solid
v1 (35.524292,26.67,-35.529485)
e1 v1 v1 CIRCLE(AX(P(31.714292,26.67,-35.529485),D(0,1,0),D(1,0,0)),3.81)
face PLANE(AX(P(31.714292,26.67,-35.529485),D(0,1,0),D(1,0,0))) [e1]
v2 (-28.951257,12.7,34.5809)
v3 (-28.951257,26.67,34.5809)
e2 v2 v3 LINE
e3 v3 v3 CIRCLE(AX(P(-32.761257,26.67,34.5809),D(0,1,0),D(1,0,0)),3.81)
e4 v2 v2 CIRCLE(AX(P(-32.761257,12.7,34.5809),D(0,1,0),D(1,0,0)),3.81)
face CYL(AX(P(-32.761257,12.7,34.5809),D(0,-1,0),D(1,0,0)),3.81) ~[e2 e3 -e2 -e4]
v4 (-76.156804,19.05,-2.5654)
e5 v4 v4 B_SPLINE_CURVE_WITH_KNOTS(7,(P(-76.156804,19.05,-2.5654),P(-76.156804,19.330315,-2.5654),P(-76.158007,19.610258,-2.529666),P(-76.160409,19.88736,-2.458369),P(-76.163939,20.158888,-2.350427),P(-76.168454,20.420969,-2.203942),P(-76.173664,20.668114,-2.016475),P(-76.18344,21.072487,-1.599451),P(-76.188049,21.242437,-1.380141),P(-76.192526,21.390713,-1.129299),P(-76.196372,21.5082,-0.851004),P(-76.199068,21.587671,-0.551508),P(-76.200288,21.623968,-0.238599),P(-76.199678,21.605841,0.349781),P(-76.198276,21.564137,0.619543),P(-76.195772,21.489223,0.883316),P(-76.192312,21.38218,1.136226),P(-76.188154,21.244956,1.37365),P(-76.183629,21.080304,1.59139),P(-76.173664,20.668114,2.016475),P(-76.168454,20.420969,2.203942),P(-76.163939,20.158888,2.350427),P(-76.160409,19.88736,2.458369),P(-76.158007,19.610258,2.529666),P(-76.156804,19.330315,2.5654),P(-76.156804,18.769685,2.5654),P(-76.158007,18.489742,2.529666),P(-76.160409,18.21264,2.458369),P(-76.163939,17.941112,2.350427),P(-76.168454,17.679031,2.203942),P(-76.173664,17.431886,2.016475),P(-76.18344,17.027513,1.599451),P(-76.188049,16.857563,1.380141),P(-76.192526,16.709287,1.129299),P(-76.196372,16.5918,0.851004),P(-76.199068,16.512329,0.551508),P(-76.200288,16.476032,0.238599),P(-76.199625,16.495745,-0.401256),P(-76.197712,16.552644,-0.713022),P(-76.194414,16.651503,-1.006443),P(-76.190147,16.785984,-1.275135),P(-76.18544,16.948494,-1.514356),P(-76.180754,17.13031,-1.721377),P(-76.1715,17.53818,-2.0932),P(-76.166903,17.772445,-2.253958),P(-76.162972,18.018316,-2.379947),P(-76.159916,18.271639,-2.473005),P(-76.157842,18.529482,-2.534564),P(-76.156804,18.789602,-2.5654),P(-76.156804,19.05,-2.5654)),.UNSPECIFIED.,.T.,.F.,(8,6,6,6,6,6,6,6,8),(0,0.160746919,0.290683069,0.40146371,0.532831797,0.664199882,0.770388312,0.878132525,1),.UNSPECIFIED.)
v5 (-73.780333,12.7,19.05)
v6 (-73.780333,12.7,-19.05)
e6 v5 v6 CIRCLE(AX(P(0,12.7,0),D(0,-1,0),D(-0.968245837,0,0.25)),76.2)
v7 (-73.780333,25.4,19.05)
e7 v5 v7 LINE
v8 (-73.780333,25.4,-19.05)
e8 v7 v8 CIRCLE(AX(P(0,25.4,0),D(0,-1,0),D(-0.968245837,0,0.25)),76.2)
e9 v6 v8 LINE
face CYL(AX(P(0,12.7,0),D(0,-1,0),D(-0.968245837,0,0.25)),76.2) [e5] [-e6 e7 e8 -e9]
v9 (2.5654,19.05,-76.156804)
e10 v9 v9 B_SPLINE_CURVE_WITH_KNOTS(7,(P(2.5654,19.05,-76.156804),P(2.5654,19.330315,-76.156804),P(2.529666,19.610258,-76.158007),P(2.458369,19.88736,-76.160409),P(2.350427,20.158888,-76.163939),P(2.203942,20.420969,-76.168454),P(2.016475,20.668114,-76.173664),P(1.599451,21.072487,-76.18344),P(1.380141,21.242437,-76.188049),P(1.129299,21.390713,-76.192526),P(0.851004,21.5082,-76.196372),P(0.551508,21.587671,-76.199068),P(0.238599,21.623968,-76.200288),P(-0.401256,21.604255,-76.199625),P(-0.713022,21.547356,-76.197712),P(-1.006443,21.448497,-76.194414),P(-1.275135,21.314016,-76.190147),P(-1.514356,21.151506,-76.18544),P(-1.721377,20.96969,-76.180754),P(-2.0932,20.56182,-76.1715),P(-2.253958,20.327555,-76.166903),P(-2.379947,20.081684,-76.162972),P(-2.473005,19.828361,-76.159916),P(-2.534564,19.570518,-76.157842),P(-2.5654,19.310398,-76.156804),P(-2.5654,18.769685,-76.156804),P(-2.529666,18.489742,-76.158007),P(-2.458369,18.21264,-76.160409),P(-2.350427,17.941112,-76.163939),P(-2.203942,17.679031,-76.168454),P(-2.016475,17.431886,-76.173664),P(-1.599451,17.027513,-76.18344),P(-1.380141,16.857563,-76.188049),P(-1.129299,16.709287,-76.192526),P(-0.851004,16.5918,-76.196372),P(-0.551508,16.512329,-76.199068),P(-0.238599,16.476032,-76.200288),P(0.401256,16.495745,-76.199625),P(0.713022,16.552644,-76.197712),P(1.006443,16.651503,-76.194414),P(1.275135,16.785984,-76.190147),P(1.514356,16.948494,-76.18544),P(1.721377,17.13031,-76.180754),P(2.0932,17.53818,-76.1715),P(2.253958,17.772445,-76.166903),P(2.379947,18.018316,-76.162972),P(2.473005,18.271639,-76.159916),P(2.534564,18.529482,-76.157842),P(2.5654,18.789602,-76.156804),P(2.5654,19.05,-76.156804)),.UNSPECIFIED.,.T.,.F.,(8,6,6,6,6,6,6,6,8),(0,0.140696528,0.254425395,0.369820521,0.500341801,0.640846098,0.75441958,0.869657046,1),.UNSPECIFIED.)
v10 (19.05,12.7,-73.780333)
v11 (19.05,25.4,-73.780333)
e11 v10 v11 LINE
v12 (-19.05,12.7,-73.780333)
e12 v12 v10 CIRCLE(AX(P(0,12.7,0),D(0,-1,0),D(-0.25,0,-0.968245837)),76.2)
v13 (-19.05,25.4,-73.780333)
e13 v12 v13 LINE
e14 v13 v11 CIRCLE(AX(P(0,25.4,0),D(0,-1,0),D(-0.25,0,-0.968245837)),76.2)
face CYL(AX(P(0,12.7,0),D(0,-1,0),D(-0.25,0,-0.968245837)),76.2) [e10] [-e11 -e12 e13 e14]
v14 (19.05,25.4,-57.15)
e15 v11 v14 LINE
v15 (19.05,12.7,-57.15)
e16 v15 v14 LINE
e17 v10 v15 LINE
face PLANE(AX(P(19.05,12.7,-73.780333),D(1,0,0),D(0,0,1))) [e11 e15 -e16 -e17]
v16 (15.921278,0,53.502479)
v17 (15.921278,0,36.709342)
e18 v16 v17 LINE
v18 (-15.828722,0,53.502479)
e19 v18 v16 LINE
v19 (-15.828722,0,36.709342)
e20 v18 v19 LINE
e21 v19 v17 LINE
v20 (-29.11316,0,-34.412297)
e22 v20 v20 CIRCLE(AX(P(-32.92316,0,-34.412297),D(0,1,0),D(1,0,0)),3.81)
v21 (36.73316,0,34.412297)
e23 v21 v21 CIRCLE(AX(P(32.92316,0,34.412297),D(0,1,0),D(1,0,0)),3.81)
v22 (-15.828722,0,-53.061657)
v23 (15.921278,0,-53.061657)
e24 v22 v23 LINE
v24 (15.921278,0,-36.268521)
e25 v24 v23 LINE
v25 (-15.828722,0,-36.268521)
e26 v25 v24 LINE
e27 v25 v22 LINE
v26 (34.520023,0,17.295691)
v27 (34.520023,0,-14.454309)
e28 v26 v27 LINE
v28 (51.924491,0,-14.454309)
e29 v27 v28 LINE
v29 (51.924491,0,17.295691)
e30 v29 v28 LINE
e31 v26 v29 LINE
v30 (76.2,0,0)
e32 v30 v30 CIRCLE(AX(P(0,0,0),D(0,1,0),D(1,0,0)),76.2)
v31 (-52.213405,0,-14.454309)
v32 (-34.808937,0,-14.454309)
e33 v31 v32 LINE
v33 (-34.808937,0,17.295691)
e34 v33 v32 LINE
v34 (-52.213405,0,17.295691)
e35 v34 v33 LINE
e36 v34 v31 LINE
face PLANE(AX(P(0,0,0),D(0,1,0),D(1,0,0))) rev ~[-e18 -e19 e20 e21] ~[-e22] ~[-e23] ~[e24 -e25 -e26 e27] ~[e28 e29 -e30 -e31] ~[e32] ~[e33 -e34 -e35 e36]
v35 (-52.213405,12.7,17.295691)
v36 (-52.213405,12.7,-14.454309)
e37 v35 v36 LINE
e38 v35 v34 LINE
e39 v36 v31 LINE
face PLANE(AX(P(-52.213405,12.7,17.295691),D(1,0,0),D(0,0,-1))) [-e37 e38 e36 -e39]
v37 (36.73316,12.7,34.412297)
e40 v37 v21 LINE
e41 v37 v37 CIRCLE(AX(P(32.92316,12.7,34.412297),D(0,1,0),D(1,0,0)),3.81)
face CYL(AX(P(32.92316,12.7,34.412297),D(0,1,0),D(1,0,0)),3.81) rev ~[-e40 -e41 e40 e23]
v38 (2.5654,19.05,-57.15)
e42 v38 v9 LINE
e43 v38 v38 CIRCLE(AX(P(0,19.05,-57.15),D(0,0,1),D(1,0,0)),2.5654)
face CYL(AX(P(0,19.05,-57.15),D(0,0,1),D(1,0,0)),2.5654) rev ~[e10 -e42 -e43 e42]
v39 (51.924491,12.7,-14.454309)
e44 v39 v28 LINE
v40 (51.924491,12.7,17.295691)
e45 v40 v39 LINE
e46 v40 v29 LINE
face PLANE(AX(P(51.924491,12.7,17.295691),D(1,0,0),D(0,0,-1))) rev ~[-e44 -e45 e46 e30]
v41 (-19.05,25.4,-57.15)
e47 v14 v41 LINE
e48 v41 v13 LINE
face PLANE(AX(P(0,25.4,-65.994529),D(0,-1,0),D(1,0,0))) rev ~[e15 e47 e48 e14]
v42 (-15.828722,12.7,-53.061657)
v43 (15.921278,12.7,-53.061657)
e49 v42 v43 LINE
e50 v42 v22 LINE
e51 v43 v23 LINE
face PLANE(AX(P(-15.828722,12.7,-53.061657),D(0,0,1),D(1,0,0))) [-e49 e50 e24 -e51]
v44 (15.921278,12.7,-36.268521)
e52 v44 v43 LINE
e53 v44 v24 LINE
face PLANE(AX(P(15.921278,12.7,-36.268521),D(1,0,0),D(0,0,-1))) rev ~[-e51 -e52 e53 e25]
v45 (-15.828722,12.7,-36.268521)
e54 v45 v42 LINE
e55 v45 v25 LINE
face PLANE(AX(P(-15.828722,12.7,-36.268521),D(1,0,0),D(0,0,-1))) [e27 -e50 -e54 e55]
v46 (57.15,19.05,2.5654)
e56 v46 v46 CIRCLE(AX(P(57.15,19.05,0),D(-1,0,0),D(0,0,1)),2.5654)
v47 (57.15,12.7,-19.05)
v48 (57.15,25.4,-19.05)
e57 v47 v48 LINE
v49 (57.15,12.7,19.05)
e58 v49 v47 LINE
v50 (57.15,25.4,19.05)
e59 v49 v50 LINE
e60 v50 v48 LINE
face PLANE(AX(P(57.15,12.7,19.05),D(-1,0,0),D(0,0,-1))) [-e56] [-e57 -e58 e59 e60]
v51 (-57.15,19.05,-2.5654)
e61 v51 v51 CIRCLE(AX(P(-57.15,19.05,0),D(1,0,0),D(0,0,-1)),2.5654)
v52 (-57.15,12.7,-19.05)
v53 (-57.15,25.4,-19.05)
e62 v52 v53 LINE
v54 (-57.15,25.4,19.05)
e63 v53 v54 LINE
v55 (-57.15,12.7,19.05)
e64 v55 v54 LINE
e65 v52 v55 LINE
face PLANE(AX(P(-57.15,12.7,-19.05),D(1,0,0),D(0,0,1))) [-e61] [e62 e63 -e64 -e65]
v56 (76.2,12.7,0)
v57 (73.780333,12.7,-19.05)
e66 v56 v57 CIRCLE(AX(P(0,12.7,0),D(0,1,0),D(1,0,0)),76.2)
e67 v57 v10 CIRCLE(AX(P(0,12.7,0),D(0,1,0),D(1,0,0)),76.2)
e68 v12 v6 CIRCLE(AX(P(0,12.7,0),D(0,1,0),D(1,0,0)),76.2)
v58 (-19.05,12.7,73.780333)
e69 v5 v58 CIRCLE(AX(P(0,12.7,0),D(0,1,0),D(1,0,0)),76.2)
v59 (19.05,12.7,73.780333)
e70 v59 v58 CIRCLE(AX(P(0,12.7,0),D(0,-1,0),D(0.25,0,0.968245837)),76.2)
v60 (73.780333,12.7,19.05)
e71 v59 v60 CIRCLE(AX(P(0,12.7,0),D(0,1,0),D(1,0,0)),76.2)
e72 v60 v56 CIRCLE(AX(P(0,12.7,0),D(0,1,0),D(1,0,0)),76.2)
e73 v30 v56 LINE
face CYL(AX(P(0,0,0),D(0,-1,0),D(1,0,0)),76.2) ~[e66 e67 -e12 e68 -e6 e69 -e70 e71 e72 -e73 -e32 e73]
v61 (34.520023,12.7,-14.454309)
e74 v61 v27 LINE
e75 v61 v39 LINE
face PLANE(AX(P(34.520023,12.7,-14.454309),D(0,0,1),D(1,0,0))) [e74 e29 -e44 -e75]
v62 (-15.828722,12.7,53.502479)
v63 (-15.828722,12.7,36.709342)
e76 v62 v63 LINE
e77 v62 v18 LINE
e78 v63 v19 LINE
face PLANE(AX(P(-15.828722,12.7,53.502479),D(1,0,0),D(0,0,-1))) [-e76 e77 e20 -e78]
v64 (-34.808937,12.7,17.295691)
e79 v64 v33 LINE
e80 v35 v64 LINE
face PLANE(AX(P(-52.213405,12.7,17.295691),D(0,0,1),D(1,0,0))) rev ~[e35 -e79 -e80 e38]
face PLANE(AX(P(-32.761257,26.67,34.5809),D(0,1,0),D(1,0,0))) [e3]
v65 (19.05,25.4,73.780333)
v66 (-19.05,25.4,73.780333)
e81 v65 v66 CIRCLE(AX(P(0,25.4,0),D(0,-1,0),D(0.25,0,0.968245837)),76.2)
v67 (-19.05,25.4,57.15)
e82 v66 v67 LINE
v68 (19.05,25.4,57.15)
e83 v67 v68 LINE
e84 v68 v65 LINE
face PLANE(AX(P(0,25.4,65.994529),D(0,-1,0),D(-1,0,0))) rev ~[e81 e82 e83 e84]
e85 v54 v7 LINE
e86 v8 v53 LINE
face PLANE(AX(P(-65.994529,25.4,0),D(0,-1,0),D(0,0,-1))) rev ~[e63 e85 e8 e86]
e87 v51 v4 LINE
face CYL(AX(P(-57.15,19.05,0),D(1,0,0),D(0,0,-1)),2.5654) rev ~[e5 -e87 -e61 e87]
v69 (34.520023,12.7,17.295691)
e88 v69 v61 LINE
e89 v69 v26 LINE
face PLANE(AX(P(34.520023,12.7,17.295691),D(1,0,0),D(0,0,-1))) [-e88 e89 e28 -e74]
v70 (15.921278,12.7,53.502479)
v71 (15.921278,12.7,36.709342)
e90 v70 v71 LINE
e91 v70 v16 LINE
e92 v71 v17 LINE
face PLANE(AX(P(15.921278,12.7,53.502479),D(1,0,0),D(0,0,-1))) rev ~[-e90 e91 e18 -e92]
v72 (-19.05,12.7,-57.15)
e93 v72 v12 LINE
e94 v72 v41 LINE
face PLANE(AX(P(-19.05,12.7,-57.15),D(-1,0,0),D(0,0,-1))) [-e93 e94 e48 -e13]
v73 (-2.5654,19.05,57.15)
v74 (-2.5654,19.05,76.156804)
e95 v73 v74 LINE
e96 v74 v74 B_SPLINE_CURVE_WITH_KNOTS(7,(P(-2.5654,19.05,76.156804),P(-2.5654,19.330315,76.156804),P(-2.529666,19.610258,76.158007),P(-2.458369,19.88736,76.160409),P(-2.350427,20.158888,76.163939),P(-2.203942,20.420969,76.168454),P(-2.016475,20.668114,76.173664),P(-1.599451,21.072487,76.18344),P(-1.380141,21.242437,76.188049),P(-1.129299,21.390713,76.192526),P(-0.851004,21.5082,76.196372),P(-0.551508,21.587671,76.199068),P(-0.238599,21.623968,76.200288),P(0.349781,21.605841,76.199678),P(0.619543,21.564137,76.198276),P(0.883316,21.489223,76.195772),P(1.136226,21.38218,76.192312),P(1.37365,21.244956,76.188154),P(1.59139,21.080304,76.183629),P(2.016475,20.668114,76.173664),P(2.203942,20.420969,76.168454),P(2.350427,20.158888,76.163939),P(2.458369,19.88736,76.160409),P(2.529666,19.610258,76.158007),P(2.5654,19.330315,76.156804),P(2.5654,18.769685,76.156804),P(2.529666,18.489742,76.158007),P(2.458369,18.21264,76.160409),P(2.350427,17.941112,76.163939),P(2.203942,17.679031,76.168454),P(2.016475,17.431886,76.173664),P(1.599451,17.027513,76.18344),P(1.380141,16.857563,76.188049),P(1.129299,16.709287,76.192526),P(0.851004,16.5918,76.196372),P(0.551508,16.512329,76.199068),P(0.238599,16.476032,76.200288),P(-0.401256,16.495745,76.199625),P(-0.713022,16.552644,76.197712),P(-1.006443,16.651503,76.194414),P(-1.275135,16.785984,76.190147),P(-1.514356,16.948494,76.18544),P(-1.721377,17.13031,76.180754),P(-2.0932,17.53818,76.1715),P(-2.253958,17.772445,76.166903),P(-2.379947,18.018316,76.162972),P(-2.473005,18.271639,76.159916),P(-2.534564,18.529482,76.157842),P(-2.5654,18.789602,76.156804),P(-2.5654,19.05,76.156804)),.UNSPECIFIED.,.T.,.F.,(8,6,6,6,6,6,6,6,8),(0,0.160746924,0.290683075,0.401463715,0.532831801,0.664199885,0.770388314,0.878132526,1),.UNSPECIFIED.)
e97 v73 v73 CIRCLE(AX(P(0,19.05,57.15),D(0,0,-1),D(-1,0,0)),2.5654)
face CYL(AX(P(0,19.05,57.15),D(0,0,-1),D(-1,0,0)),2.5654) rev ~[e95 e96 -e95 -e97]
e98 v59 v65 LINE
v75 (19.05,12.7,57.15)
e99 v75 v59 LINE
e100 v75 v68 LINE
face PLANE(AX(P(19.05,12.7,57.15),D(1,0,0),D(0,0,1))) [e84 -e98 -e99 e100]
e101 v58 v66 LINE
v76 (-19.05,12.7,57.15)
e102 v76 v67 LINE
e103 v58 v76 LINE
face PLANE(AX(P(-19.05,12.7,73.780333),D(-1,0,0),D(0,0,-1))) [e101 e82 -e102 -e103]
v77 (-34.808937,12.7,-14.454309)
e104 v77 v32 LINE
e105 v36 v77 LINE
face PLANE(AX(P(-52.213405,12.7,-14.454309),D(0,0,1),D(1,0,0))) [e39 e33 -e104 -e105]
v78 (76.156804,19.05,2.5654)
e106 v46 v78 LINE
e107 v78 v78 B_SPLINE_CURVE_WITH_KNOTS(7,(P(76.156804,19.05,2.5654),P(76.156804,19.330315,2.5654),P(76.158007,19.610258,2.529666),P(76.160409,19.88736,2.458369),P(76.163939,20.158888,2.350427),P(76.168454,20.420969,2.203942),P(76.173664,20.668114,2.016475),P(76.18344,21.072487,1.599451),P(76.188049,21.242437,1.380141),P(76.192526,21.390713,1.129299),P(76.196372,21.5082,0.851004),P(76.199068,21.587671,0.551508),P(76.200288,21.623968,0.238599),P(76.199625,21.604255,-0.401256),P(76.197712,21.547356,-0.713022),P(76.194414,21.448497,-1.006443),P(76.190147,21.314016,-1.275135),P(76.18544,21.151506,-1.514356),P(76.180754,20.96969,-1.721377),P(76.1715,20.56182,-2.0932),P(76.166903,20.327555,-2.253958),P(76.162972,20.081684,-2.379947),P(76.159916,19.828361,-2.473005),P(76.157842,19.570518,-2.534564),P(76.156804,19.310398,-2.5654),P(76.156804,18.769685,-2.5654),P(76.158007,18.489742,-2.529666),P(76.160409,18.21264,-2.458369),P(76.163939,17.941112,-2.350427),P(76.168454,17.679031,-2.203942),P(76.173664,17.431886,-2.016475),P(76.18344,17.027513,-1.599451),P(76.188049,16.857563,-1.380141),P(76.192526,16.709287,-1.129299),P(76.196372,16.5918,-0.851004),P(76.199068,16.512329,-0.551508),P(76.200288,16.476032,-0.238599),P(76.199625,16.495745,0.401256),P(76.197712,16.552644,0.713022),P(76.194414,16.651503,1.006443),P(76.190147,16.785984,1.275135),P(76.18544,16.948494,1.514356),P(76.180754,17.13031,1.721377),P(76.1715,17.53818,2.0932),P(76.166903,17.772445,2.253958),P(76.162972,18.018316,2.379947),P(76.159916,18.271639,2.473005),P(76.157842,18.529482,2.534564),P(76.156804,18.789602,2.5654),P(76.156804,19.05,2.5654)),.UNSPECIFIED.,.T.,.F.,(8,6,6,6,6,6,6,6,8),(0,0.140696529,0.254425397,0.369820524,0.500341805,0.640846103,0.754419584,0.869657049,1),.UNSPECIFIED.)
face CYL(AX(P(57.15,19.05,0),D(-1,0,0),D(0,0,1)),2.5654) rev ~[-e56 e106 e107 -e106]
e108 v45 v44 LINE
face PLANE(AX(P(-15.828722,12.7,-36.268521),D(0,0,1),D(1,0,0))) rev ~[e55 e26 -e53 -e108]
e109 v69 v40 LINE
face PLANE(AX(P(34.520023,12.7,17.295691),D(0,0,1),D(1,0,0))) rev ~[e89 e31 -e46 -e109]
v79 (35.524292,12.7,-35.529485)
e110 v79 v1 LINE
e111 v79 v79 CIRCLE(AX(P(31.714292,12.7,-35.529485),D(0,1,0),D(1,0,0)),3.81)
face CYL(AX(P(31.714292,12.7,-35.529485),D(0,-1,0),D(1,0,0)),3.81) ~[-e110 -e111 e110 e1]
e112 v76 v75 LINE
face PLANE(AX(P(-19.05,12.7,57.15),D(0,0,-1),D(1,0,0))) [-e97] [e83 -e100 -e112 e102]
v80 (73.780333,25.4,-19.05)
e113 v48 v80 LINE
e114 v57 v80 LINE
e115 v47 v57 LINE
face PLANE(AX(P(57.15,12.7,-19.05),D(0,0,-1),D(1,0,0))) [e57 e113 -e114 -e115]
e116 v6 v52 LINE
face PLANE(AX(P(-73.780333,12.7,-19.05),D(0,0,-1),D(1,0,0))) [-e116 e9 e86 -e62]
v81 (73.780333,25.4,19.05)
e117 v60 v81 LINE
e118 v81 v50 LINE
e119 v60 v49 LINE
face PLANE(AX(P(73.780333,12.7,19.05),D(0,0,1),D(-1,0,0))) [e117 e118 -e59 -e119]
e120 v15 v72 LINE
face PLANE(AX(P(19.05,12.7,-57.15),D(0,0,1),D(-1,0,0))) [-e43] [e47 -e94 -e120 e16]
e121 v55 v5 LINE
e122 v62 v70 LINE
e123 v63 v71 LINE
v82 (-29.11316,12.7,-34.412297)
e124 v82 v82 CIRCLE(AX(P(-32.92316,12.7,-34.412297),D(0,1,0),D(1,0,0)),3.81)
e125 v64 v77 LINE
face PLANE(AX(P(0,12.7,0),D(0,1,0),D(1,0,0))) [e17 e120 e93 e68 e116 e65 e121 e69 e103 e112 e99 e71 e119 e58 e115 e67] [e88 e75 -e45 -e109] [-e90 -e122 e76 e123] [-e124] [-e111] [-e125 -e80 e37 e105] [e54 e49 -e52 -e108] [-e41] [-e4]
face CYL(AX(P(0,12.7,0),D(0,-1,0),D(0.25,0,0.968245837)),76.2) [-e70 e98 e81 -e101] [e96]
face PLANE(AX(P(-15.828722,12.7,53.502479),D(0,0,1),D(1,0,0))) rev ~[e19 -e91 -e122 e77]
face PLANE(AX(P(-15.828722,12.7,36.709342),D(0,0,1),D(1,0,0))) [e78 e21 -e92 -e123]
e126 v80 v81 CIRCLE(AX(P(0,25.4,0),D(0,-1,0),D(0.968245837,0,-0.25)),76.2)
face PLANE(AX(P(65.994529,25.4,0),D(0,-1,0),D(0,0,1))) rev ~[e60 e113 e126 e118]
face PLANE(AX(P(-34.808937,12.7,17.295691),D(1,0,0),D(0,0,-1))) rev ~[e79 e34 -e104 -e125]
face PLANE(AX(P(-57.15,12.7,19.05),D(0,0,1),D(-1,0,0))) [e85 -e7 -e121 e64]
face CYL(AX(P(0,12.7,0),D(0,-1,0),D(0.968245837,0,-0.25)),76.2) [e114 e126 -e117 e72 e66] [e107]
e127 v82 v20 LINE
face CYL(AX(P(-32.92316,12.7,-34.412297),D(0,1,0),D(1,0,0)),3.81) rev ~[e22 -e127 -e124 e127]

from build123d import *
from build123d.topology import SkipClean

# Parameters (mm, degrees)
SKETCH1_R           = 76.2
BOSS_EXTRUDE1_DEPTH = 12.7
SKETCH9_W           = 17.40446846
SKETCH9_H           = 31.75
SKETCH9_W_2         = 17.404468459
SKETCH9_W_3         = 31.75
SKETCH9_H_2         = 16.793136505
CUT_EXTRUDE1_DEPTH  = 12.7
SKETCH12_R          = 3.81
CUT_EXTRUDE7_DEPTH  = 109.508847566
SKETCH14_R          = 3.81
BOSS_EXTRUDE5_DEPTH = 13.97
BOSS_EXTRUDE6_DEPTH = 12.7
SKETCH15_R          = 2.5654
CUT_EXTRUDE8_DEPTH  = 156.884416797
CIRPATTERN1_COUNT   = 4


with BuildPart() as part:
    # Sketch1 → Boss-Extrude1 (new body)
    with BuildSketch(Plane(origin=(0, 0, 0), x_dir=(1, 0, 0), z_dir=(0, 1, 0))):
        Circle(SKETCH1_R)
    extrude(amount=BOSS_EXTRUDE1_DEPTH)

    # Sketch9 → Cut-Extrude1 (cut)
    with BuildSketch(Plane(origin=(0, 12.7, 0), x_dir=(1, 0, 0), z_dir=(0, 1, 0))):
        with Locations((43.222256972, -1.420690531)):
            Rectangle(SKETCH9_W, SKETCH9_H)
        with Locations((-43.511171149, -1.420690531)):
            Rectangle(SKETCH9_W_2, SKETCH9_H)
        with Locations((0.046278064, 44.665088999)):
            Rectangle(SKETCH9_W_3, SKETCH9_H_2)
        with Locations((0.046278064, -45.105910611)):
            Rectangle(SKETCH9_W_3, SKETCH9_H_2)
    extrude(amount=-CUT_EXTRUDE1_DEPTH, mode=Mode.SUBTRACT)

    # Sketch12 → Cut-Extrude7 (cut, through all)
    with BuildSketch(Plane(origin=(0, 12.7, 0), x_dir=(1, 0, 0), z_dir=(0, 1, 0))):
        with Locations((-32.923159658, 34.412296975)):
            Circle(SKETCH12_R)
        with Locations((32.923159658, -34.412296975)):
            Circle(SKETCH12_R)
    extrude(amount=-CUT_EXTRUDE7_DEPTH, mode=Mode.SUBTRACT)

    # Sketch14 → Boss-Extrude5 (add)
    with BuildSketch(Plane(origin=(0, 12.7, 0), x_dir=(1, 0, 0), z_dir=(0, 1, 0))):
        with Locations((31.714292366, 35.529484723)):
            Circle(SKETCH14_R)
        with Locations((-32.761256964, -34.580899947)):
            Circle(SKETCH14_R)
    extrude(amount=BOSS_EXTRUDE5_DEPTH)

    # Sketch2 → Boss-Extrude6 (add)
    with BuildSketch(Plane(origin=(0, 12.7, 0), x_dir=(1, 0, 0), z_dir=(0, 1, 0))):
        with BuildLine():
            Line((-19.05, -73.780332745), (-19.05, -57.15))
            Line((-19.05, -57.15), (19.05, -57.15))
            Line((19.05, -57.15), (19.05, -73.780332745))
            ThreePointArc((19.05, -73.780332745), (0, -76.2), (-19.05, -73.780332745))
        make_face()
    boss_extrude6 = extrude(amount=BOSS_EXTRUDE6_DEPTH)

    # Sketch15 → Cut-Extrude8 (cut, through all)
    with BuildSketch(Plane(origin=(0, 0, 57.15), x_dir=(-1, 0, 0), z_dir=(0, 0, -1))):
        with Locations((0, 19.05)):
            Circle(SKETCH15_R)
    cut_extrude8 = extrude(amount=-CUT_EXTRUDE8_DEPTH, mode=Mode.SUBTRACT)

    # CirPattern1: Boss-Extrude6, Cut-Extrude8 ×4 about axis
    with SkipClean():  # the faces are left unmerged after this step: merging them gives an invalid solid
        cirpattern1_axis = Axis((0, 28.0035, 0), (0, -1, 0))
        add([boss_extrude6.rotate(cirpattern1_axis, i * 360 / CIRPATTERN1_COUNT) for i in range(1, CIRPATTERN1_COUNT)])
        add([cut_extrude8.rotate(cirpattern1_axis, i * 360 / CIRPATTERN1_COUNT) for i in range(1, CIRPATTERN1_COUNT)], mode=Mode.SUBTRACT)


solid = part.part
